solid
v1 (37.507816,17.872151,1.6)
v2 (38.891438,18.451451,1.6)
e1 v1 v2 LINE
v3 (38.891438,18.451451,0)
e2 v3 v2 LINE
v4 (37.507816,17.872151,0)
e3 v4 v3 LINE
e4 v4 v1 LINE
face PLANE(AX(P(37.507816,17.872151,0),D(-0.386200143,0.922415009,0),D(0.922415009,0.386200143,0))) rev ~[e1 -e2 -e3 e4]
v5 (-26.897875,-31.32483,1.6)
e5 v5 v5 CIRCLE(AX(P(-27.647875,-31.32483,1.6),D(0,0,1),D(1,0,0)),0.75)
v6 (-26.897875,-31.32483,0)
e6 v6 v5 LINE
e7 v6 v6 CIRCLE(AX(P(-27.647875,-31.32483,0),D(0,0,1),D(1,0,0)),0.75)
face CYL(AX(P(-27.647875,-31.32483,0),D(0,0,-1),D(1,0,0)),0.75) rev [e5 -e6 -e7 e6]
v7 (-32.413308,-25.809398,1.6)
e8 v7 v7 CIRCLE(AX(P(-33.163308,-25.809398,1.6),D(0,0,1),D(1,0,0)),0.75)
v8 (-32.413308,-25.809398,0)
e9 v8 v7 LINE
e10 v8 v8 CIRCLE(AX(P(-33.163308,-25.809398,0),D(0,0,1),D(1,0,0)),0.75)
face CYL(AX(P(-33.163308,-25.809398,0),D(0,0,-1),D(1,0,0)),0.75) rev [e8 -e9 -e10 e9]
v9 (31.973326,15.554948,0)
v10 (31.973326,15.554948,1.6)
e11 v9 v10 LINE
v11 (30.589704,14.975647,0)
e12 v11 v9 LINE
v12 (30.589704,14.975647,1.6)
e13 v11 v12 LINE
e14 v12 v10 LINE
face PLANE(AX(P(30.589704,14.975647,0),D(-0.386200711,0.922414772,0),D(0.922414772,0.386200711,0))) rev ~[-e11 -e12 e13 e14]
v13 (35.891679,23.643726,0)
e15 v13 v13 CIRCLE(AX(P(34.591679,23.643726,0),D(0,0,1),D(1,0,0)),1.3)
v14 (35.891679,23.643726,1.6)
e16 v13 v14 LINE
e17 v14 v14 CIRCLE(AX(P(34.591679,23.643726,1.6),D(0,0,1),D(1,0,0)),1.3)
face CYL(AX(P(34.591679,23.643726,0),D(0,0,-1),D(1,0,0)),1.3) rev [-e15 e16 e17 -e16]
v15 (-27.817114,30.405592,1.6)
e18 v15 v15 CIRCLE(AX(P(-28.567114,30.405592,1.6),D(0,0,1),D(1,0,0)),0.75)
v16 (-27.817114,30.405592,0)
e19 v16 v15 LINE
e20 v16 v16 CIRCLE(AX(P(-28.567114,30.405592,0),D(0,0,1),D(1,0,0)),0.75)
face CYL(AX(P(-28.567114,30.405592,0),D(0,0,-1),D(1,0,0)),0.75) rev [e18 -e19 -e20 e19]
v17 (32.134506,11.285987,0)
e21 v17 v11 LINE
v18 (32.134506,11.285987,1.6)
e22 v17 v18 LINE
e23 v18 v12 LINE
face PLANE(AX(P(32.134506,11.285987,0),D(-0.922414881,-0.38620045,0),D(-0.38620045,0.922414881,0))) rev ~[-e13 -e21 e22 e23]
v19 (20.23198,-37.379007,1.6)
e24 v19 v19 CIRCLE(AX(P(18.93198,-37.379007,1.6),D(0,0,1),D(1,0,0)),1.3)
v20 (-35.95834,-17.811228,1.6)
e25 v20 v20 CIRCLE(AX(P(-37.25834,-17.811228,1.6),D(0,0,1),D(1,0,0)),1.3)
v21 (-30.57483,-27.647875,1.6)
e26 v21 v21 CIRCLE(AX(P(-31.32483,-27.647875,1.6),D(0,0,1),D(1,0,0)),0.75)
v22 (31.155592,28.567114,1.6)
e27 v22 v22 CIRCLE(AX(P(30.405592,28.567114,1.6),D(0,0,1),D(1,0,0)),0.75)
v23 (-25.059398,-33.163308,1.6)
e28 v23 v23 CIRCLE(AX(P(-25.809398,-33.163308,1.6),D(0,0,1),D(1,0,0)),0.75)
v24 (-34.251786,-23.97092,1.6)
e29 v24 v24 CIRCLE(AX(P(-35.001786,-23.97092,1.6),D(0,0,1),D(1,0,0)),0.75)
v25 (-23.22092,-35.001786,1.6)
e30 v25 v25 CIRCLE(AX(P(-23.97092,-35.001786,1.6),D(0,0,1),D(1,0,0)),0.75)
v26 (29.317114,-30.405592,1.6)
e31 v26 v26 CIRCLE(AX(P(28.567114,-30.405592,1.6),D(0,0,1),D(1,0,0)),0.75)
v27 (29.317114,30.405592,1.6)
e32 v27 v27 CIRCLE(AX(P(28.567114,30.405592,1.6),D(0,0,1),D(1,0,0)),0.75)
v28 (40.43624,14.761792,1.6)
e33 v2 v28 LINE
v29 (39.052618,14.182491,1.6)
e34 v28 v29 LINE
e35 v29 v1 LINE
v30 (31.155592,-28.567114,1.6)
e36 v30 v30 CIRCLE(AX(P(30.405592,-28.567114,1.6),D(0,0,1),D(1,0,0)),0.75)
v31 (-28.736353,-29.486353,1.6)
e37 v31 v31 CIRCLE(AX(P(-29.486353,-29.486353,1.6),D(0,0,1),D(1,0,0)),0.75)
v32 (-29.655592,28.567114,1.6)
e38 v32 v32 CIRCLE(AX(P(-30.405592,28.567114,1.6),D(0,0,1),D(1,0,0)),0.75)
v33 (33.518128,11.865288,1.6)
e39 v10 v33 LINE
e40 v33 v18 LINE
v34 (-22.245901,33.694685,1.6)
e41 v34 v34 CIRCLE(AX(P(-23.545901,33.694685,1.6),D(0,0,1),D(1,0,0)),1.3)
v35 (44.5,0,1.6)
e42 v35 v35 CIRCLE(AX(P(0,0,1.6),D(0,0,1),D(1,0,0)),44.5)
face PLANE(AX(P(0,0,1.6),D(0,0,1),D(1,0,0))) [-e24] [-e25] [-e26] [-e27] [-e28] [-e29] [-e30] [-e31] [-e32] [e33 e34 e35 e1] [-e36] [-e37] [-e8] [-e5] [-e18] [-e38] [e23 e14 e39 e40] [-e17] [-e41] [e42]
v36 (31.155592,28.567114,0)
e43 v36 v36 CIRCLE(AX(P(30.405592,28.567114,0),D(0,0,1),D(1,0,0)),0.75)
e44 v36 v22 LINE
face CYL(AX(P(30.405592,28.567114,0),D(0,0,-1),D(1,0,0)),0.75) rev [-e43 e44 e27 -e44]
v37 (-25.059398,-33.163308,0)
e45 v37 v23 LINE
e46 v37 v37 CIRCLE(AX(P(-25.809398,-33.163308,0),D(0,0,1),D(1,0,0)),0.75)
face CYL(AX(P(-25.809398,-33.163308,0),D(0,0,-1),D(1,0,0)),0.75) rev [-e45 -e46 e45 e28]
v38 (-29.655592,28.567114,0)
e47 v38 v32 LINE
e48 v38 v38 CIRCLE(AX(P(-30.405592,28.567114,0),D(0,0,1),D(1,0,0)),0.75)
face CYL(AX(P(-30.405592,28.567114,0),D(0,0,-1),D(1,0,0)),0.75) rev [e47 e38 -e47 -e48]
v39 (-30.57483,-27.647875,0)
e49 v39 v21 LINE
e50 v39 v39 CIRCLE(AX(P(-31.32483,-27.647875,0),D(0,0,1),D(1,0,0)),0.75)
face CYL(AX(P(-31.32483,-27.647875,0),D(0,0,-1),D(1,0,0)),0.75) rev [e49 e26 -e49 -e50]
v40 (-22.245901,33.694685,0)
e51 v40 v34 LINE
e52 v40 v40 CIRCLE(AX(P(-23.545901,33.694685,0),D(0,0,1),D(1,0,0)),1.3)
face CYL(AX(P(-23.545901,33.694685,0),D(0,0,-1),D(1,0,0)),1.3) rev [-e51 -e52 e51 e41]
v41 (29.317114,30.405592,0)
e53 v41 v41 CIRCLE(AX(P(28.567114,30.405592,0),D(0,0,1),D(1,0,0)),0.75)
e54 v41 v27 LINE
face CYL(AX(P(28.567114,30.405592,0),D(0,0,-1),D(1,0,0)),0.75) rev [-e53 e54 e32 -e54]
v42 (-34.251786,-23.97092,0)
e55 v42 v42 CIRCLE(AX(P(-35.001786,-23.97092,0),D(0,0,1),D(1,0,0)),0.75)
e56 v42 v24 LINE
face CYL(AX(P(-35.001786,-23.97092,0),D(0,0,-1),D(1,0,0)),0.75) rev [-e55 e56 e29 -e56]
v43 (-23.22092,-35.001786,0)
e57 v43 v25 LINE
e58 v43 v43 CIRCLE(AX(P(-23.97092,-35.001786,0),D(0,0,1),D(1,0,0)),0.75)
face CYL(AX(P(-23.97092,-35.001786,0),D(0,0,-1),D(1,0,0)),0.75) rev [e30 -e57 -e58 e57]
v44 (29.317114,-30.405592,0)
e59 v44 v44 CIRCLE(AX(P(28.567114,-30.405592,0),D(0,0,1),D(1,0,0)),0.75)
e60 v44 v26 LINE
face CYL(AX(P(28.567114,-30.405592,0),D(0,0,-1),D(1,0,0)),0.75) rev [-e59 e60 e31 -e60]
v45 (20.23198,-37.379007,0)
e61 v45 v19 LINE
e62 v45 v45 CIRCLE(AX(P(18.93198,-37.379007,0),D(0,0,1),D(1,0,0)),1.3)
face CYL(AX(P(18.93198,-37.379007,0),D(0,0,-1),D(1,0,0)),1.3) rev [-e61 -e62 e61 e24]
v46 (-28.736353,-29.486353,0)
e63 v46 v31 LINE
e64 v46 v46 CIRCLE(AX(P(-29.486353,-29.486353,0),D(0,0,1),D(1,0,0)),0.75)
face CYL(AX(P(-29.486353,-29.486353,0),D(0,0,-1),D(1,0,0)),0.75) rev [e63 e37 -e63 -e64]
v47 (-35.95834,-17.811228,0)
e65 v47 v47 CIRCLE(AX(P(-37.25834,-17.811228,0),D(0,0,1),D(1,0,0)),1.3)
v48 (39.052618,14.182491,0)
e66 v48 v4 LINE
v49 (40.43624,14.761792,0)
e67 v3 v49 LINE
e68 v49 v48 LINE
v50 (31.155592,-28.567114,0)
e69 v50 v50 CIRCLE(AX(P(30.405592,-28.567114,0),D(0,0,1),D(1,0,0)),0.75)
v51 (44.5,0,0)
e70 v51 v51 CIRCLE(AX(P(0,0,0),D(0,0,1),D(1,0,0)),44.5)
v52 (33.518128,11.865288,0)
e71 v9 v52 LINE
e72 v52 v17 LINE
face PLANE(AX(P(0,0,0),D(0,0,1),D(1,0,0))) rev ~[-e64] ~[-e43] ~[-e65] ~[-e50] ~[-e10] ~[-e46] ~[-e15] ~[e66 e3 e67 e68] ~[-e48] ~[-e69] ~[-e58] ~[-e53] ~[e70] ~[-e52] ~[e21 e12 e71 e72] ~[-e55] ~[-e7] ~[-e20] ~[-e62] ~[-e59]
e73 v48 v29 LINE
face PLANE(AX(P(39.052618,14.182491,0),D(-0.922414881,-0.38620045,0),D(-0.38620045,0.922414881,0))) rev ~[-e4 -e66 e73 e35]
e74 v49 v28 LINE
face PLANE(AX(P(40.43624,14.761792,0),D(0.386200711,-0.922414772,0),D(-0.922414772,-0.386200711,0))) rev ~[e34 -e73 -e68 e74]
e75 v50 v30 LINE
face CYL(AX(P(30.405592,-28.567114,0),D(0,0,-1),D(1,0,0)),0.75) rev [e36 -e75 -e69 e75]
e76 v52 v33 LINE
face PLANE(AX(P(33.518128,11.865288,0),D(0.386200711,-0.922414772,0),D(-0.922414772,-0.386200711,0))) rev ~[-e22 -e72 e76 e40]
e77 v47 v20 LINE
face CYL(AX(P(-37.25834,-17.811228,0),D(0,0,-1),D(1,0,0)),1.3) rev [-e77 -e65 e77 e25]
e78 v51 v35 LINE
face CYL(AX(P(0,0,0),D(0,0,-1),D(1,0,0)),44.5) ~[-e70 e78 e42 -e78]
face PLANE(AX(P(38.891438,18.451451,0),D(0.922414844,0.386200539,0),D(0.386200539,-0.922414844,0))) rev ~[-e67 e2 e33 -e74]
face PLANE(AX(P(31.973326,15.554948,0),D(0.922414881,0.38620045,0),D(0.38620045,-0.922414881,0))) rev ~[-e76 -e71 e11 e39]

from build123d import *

# Parameters (mm, degrees)
F0_R     = 44.5
F0_R_2   = 0.75
F0_R_3   = 1.3
F1_DEPTH = 1.6


with BuildPart() as f1:
    # F0 (on Top) → F1 (new body)
    with BuildSketch(Plane.XY):
        Circle(F0_R)
        with Locations((-23.97092, -35.001786)):
            Circle(F0_R_2, mode=Mode.SUBTRACT)
        with Locations((-35.001786, -23.97092)):
            Circle(F0_R_2, mode=Mode.SUBTRACT)
        with Locations((-29.486353, -29.486353)):
            Circle(F0_R_2, mode=Mode.SUBTRACT)
        with Locations((-25.809398, -33.163308)):
            Circle(F0_R_2, mode=Mode.SUBTRACT)
        with Locations((-27.647875, -31.32483)):
            Circle(F0_R_2, mode=Mode.SUBTRACT)
        with Locations((-31.32483, -27.647875)):
            Circle(F0_R_2, mode=Mode.SUBTRACT)
        with Locations((-33.163308, -25.809398)):
            Circle(F0_R_2, mode=Mode.SUBTRACT)
        with Locations((-37.25834, -17.811228)):
            Circle(F0_R_3, mode=Mode.SUBTRACT)
        with Locations((18.93198, -37.379007)):
            Circle(F0_R_3, mode=Mode.SUBTRACT)
        with Locations((28.567114, -30.405592)):
            Circle(F0_R_2, mode=Mode.SUBTRACT)
        with Locations((30.405592, -28.567114)):
            Circle(F0_R_2, mode=Mode.SUBTRACT)
        with Locations((-30.405592, 28.567114)):
            Circle(F0_R_2, mode=Mode.SUBTRACT)
        with Locations((-28.567114, 30.405592)):
            Circle(F0_R_2, mode=Mode.SUBTRACT)
        with Locations((-23.545901, 33.694685)):
            Circle(F0_R_3, mode=Mode.SUBTRACT)
        Polygon((33.518128, 11.865288), (32.134506, 11.285987), (30.589704, 14.975647), (31.973326, 15.554948), align=None, mode=Mode.SUBTRACT)
        Polygon((40.43624, 14.761792), (39.052618, 14.182491), (37.507816, 17.872151), (38.891438, 18.451451), align=None, mode=Mode.SUBTRACT)
        with Locations((30.405592, 28.567114)):
            Circle(F0_R_2, mode=Mode.SUBTRACT)
        with Locations((28.567114, 30.405592)):
            Circle(F0_R_2, mode=Mode.SUBTRACT)
        with Locations((34.591679, 23.643726)):
            Circle(F0_R_3, mode=Mode.SUBTRACT)
    extrude(amount=F1_DEPTH)


solid = f1.part
